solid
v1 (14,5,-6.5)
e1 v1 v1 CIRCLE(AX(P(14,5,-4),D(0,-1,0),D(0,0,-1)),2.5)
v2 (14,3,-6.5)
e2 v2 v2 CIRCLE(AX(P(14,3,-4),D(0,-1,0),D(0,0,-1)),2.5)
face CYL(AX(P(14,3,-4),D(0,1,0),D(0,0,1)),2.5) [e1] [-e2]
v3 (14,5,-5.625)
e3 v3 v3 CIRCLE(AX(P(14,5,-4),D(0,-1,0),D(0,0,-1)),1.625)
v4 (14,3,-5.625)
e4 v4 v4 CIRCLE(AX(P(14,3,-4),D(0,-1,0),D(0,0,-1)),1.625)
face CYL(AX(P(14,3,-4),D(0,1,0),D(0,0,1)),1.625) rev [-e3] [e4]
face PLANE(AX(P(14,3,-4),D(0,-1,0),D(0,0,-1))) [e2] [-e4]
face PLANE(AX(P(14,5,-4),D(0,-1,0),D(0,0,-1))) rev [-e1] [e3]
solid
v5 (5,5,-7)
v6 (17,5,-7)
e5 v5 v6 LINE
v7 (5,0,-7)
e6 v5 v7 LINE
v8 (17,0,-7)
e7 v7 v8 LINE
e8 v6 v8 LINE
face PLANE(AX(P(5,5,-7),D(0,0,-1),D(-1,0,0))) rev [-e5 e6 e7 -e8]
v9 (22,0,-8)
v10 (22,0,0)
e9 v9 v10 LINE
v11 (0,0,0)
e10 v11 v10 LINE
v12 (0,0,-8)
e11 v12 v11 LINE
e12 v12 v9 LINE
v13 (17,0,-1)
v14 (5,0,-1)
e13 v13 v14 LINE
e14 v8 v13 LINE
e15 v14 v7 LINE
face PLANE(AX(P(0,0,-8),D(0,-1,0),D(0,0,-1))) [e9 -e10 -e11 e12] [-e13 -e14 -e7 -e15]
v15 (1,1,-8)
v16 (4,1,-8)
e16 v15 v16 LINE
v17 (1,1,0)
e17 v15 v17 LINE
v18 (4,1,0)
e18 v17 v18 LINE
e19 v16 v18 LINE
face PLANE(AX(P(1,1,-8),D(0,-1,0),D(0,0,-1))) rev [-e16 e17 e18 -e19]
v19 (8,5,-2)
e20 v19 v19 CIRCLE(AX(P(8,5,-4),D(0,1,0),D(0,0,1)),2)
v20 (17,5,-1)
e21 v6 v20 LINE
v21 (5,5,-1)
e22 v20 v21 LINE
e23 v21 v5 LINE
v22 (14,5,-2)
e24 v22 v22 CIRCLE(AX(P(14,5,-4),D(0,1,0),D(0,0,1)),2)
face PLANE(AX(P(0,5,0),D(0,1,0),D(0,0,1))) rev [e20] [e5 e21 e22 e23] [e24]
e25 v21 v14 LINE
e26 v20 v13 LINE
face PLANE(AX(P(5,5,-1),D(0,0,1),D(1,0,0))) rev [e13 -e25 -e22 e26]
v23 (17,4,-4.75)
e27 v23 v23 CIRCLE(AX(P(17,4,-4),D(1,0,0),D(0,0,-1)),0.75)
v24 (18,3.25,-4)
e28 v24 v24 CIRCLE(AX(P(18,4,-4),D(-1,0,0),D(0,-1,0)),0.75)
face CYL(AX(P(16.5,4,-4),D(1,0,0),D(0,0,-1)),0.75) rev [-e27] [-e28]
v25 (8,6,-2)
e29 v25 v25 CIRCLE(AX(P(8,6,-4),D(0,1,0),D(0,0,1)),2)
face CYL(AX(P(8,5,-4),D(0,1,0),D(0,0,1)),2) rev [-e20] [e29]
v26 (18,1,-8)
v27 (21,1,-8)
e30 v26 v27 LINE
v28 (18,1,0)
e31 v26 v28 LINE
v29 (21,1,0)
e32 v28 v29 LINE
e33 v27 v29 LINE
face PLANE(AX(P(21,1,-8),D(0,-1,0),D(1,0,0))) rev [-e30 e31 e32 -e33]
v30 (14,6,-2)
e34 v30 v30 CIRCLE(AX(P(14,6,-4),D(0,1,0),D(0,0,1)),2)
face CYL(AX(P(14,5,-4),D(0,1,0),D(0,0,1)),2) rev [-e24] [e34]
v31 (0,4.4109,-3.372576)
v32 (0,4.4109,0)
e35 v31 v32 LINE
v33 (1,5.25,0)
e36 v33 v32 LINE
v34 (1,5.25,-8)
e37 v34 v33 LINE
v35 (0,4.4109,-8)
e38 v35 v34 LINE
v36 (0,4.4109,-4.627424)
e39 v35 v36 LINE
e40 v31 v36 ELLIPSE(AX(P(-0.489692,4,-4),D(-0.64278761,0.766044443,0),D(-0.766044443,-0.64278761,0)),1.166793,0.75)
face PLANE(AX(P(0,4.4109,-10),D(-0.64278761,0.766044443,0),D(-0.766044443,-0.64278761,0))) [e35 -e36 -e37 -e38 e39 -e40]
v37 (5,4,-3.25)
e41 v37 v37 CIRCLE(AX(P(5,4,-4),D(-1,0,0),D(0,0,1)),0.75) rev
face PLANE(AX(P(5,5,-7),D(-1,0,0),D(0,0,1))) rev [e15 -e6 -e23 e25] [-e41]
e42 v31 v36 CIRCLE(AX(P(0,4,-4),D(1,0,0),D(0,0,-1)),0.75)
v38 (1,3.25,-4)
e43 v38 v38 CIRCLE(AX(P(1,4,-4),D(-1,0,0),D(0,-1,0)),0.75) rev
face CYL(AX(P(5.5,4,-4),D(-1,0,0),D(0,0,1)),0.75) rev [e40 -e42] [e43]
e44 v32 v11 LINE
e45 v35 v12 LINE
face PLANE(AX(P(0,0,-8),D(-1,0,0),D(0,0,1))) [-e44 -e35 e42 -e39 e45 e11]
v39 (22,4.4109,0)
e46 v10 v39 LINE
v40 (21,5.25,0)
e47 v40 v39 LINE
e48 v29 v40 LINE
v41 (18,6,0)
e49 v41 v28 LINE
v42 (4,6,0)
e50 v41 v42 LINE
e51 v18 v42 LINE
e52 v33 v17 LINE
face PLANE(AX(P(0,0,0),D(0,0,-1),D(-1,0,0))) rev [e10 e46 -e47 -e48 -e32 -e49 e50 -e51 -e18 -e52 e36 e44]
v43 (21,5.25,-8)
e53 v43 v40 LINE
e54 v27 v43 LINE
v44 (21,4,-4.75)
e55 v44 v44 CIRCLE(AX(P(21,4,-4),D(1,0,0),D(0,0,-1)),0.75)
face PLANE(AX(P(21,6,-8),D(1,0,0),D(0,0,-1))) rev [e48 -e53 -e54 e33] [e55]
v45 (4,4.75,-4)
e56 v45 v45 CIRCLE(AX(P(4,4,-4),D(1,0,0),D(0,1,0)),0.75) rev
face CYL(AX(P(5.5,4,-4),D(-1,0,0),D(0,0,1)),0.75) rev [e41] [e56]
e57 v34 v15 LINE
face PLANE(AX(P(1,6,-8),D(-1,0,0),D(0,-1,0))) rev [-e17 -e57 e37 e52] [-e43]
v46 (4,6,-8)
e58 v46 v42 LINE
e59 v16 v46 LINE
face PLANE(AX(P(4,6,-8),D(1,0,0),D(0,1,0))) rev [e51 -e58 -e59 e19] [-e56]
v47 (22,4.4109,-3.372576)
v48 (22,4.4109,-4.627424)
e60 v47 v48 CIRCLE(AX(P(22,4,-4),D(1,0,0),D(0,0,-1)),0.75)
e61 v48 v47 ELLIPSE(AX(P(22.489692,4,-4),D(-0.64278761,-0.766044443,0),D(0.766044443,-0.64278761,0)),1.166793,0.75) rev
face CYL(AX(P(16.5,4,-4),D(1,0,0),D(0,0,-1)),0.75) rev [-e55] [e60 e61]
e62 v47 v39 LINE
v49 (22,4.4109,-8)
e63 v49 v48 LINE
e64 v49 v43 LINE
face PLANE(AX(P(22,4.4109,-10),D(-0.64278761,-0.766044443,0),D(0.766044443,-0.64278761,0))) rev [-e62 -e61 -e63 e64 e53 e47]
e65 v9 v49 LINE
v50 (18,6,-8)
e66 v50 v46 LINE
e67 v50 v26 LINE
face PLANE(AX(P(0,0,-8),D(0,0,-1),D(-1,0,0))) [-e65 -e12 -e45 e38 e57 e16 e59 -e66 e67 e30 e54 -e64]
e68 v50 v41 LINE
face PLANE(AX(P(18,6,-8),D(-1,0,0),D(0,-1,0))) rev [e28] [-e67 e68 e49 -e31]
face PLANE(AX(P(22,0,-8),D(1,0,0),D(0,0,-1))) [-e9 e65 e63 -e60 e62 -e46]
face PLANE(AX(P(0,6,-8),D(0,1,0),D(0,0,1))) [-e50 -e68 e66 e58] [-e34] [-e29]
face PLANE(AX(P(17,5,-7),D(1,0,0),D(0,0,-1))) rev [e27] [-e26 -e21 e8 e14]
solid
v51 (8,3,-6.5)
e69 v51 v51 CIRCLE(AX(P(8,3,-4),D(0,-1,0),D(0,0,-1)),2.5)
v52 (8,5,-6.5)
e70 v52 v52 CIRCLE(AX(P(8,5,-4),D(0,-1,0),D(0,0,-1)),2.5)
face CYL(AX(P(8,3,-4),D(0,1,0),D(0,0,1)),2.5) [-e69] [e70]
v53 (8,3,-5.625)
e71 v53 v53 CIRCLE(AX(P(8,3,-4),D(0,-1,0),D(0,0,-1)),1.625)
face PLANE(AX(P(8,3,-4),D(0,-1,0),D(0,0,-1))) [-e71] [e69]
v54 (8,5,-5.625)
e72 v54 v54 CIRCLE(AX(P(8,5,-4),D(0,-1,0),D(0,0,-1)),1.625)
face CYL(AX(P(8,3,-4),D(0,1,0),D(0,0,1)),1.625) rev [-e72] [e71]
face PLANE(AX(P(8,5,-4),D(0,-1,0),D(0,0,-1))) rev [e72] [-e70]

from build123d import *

# Parameters (mm, degrees)
SKETCH1_W             = 22
SKETCH1_H             = 6
BOSS_EXTRUDE1_DEPTH   = 8
SKETCH2_W             = 12
SKETCH2_H             = 6
CUT_EXTRUDE1_DEPTH    = 5
SKETCH3_R             = 2.5
SKETCH3_R_2           = 1.625
BOSS_EXTRUDE4_DEPTH   = 2
BOSS_EXTRUDE4_2_DEPTH = 2
SKETCH5_R             = 2
CUT_EXTRUDE3_DEPTH    = 1
SKETCH6_W             = 3
SKETCH6_H             = 5
CUT_EXTRUDE4_DEPTH    = 9
SKETCH8_R             = 0.75
CUT_EXTRUDE6_DEPTH    = 5.5
CUT_EXTRUDE7_DEPTH    = 10


with BuildPart() as part:
    # Sketch1 → Boss-Extrude1 (new body)
    with BuildSketch(Plane.XY):
        with Locations((11, 3)):
            Rectangle(SKETCH1_W, SKETCH1_H)
    extrude(amount=-BOSS_EXTRUDE1_DEPTH)

    # Sketch2 → Cut-Extrude1 (cut)
    with BuildSketch(Plane.XZ):
        with Locations((11, -4)):
            Rectangle(SKETCH2_W, SKETCH2_H)
    extrude(amount=-CUT_EXTRUDE1_DEPTH, mode=Mode.SUBTRACT)

    # Sketch5 → Cut-Extrude3 (cut)
    with BuildSketch(Plane(origin=(0, 6, 0), x_dir=(1, 0, 0), z_dir=(0, 1, 0))):
        with Locations((8, 4)):
            Circle(SKETCH5_R)
        with Locations((14, 4)):
            Circle(SKETCH5_R)
    extrude(amount=-CUT_EXTRUDE3_DEPTH, mode=Mode.SUBTRACT)

    # Sketch6 → Cut-Extrude4 (cut, through all)
    with BuildSketch(Plane.XY):
        with Locations((2.5, 3.5)):
            Rectangle(SKETCH6_W, SKETCH6_H)
        with Locations((19.5, 3.5)):
            Rectangle(SKETCH6_W, SKETCH6_H)
    extrude(amount=-CUT_EXTRUDE4_DEPTH, mode=Mode.SUBTRACT)

    # Sketch8 → Cut-Extrude6 (cut)
    with BuildSketch(Plane(origin=(22, 0, 0), x_dir=(0, 0, -1), z_dir=(1, 0, 0))):
        with Locations((4, 4)):
            Circle(SKETCH8_R)
    cut_extrude6 = extrude(amount=-CUT_EXTRUDE6_DEPTH, mode=Mode.SUBTRACT)

    # Mirror1: Cut-Extrude6 across plane
    add(cut_extrude6.mirror(Plane(origin=(11, 0, 0), x_dir=(0, 0, 1), z_dir=(1, 0, 0))), mode=Mode.SUBTRACT)

    # Sketch9 → Cut-Extrude7 (cut)
    with BuildSketch(Plane.XY):
        Polygon((21, 6), (22, 6), (22, 4.410900369), (21, 5.25), align=None)
    cut_extrude7 = extrude(amount=-CUT_EXTRUDE7_DEPTH, mode=Mode.SUBTRACT)

    # Mirror2: Cut-Extrude7 across plane
    add(cut_extrude7.mirror(Plane(origin=(11, 0, 0), x_dir=(0, 0, 1), z_dir=(1, 0, 0))), mode=Mode.SUBTRACT)


with BuildPart() as body_2:
    # Sketch3 → Boss-Extrude4 (new body)
    with BuildSketch(Plane.XZ.offset(-5)):
        with Locations((8, -4)):
            Circle(SKETCH3_R)
        with Locations((8, -4)):
            Circle(SKETCH3_R_2, mode=Mode.SUBTRACT)
    extrude(amount=BOSS_EXTRUDE4_DEPTH)


with BuildPart() as body_3:
    # Sketch3 → Boss-Extrude4 2 (new body)
    with BuildSketch(Plane.XZ.offset(-5)):
        with Locations((14, -4)):
            Circle(SKETCH3_R)
        with Locations((14, -4)):
            Circle(SKETCH3_R_2, mode=Mode.SUBTRACT)
    extrude(amount=BOSS_EXTRUDE4_2_DEPTH)


solid = Compound([part.part, body_2.part, body_3.part])
